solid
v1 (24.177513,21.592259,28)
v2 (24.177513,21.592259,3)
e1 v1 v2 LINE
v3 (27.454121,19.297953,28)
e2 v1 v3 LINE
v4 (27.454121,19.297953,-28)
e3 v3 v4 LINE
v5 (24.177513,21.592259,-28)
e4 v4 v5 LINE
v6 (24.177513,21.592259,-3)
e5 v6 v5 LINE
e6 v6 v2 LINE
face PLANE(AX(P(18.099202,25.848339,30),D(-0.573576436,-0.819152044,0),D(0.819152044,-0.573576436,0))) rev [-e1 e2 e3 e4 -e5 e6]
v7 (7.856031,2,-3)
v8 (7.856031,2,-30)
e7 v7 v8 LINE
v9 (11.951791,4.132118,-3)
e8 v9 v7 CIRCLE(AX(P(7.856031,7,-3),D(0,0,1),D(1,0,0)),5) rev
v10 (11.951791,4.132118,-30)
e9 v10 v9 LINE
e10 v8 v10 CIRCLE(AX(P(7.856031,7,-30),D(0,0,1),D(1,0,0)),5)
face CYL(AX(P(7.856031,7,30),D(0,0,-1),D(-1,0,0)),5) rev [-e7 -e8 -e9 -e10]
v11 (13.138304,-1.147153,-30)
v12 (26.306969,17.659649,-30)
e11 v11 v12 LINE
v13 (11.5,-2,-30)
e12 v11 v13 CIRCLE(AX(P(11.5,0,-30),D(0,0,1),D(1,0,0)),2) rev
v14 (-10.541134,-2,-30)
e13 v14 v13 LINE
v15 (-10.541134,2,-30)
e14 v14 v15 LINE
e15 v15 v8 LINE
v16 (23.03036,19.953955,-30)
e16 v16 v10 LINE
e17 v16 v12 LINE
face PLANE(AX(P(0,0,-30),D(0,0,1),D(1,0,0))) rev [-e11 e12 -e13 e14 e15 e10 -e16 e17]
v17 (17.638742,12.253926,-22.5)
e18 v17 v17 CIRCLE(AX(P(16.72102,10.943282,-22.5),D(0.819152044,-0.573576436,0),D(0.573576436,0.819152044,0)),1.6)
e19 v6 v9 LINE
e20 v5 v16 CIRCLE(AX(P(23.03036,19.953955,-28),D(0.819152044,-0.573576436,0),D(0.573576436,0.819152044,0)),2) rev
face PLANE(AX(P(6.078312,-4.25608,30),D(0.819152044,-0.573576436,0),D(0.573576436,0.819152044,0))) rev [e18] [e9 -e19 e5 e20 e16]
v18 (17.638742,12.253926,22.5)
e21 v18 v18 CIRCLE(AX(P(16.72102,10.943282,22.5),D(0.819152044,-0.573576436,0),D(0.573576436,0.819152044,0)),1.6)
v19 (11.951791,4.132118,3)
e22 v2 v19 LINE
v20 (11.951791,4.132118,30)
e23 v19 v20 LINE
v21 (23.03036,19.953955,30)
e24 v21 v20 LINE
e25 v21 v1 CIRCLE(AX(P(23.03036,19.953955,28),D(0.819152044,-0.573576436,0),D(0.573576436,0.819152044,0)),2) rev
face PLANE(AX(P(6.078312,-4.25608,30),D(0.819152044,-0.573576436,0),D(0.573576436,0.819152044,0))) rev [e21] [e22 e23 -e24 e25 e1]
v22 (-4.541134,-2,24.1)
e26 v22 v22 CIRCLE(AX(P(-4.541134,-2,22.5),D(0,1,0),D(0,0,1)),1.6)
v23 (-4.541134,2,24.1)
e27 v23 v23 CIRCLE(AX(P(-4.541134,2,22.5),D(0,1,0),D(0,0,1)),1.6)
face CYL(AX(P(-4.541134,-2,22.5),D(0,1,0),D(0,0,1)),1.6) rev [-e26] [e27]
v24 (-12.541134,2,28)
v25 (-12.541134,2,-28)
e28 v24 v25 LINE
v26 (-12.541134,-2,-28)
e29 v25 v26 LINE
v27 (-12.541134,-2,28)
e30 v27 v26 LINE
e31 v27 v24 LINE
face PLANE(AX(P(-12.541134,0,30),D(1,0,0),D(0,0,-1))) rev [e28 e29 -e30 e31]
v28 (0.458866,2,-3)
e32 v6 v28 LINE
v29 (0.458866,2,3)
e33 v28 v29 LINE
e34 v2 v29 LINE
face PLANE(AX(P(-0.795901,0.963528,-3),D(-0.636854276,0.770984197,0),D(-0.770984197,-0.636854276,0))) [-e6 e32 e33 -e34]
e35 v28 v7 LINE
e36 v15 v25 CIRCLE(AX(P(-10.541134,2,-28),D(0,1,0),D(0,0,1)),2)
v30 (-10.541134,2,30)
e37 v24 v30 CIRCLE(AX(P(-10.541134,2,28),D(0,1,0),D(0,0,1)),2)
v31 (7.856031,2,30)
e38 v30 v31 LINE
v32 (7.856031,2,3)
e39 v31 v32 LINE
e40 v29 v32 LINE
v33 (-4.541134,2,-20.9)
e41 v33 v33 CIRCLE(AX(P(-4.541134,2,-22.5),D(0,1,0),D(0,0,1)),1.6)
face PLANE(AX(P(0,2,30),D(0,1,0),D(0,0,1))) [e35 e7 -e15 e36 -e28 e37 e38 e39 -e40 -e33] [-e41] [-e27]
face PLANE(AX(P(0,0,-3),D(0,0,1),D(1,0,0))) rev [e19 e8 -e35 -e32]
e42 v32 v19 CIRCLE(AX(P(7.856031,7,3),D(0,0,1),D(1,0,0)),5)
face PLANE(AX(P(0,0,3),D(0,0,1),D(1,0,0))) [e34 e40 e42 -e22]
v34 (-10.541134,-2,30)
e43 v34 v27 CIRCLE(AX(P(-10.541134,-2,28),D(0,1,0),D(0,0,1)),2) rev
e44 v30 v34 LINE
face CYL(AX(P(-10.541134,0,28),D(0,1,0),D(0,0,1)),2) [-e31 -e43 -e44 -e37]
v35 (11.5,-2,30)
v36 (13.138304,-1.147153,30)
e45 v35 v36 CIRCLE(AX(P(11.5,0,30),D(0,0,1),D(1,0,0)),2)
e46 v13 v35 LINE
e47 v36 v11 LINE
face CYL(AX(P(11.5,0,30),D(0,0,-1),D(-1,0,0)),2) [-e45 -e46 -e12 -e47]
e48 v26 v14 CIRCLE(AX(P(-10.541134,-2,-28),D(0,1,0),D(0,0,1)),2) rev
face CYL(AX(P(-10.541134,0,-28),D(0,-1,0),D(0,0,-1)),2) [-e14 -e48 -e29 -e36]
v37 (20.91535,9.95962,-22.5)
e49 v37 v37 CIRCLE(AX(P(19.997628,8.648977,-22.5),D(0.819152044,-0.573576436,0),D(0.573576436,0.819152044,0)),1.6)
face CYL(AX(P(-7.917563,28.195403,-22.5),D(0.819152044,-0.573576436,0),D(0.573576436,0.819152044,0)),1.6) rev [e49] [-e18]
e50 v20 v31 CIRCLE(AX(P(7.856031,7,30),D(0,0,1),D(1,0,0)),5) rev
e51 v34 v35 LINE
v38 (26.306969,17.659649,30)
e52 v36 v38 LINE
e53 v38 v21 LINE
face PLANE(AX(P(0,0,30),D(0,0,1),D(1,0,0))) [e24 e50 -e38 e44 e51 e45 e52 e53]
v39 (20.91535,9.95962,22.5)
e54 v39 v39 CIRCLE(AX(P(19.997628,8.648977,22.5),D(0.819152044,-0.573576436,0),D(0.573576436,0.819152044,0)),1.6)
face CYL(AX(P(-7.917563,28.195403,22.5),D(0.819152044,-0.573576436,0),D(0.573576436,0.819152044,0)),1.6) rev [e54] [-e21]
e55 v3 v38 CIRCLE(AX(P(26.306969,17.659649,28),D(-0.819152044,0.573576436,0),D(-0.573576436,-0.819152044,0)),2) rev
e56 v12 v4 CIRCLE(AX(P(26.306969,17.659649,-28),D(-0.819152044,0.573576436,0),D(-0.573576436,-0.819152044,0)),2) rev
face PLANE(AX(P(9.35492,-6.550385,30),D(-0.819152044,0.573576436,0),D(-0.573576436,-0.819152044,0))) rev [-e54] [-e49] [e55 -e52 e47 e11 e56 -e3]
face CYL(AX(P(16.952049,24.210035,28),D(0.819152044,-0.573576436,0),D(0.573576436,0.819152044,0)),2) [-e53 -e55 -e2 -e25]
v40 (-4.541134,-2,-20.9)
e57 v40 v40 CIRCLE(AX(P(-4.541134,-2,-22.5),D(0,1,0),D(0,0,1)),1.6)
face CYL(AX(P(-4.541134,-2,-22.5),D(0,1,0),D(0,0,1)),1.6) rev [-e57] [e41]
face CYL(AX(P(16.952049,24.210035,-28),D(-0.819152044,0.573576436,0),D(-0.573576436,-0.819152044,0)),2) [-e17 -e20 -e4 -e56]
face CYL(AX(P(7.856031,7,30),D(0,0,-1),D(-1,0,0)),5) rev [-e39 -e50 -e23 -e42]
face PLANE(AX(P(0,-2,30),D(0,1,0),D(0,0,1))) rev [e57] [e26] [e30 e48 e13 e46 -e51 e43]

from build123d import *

# Parameters (mm, degrees)
BOSS_EXTRUDE1_DEPTH      = 30
BOSS_EXTRUDE1_DEPTH_BACK = 30
BOSS_EXTRUDE2_DEPTH      = 3
BOSS_EXTRUDE2_DEPTH_BACK = 3
SKETCH3_R                = 1.6
CUT_EXTRUDE1_DEPTH       = 47.598772642
SKETCH4_R                = 1.6
CUT_EXTRUDE2_DEPTH       = 46.1396211
FILLET1_R                = 5
FILLET2_R                = 2
FILLET3_R                = 2


with BuildPart() as part:
    # Sketch1 → Boss-Extrude1 (new, two sides: drawn at the far end of the back side and taken through both)
    with BuildSketch(Plane.XY.offset(-BOSS_EXTRUDE1_DEPTH_BACK)):
        Polygon((24.177513269, 21.592258897), (10.458865899, 2), (-12.541134101, 2), (-12.541134101, -2), (12.541134101, -2), (27.454121446, 19.297953152), align=None)
    extrude(amount=BOSS_EXTRUDE1_DEPTH + BOSS_EXTRUDE1_DEPTH_BACK)

    # Sketch2 → Boss-Extrude2 (add, two sides: drawn at the far end of the back side and taken through both)
    with BuildSketch(Plane.XY.offset(-BOSS_EXTRUDE2_DEPTH_BACK)):
        Polygon((10.458865899, 2), (24.177513269, 21.592258897), (0.458865899, 2), align=None)
    extrude(amount=BOSS_EXTRUDE2_DEPTH + BOSS_EXTRUDE2_DEPTH_BACK)

    # Sketch3 → Cut-Extrude1 (cut, through all)
    with BuildSketch(Plane(origin=(9.354919913, -6.550385442, 0), x_dir=(0, 0, -1), z_dir=(0.8191520442889935, -0.5735764363510437, 0))):
        with Locations((-22.5, 18.554994917)):
            Circle(SKETCH3_R)
        with Locations((22.5, 18.554994917)):
            Circle(SKETCH3_R)
    extrude(amount=-CUT_EXTRUDE1_DEPTH, mode=Mode.SUBTRACT)

    # Sketch4 → Cut-Extrude2 (cut, through all)
    with BuildSketch(Plane(origin=(0, 2, 0), x_dir=(1, 0, 0), z_dir=(0, 1, 0))):
        with Locations((-4.541134101, 22.5)):
            Circle(SKETCH4_R)
        with Locations((-4.541134101, -22.5)):
            Circle(SKETCH4_R)
    extrude(amount=-CUT_EXTRUDE2_DEPTH, mode=Mode.SUBTRACT)

    # Fillet1
    fillet1_edges = [part.edges().sort_by_distance(p)[0] for p in [
        (10.458865899, 2, 16.5),
        (10.458865899, 2, -16.5),
    ]]
    fillet(fillet1_edges, radius=FILLET1_R)

    # Fillet2
    fillet2_edges = [part.edges().sort_by_distance(p)[0] for p in [
        (25.815817358, 20.445106024, -30),
        (25.815817358, 20.445106024, 30),
        (12.541134101, -2, 0),
    ]]
    fillet(fillet2_edges, radius=FILLET2_R)

    # Fillet3
    fillet3_edges = [part.edges().sort_by_distance(p)[0] for p in [
        (-12.541134101, 0, -30),
        (-12.541134101, 0, 30),
    ]]
    fillet(fillet3_edges, radius=FILLET3_R)


solid = part.part
